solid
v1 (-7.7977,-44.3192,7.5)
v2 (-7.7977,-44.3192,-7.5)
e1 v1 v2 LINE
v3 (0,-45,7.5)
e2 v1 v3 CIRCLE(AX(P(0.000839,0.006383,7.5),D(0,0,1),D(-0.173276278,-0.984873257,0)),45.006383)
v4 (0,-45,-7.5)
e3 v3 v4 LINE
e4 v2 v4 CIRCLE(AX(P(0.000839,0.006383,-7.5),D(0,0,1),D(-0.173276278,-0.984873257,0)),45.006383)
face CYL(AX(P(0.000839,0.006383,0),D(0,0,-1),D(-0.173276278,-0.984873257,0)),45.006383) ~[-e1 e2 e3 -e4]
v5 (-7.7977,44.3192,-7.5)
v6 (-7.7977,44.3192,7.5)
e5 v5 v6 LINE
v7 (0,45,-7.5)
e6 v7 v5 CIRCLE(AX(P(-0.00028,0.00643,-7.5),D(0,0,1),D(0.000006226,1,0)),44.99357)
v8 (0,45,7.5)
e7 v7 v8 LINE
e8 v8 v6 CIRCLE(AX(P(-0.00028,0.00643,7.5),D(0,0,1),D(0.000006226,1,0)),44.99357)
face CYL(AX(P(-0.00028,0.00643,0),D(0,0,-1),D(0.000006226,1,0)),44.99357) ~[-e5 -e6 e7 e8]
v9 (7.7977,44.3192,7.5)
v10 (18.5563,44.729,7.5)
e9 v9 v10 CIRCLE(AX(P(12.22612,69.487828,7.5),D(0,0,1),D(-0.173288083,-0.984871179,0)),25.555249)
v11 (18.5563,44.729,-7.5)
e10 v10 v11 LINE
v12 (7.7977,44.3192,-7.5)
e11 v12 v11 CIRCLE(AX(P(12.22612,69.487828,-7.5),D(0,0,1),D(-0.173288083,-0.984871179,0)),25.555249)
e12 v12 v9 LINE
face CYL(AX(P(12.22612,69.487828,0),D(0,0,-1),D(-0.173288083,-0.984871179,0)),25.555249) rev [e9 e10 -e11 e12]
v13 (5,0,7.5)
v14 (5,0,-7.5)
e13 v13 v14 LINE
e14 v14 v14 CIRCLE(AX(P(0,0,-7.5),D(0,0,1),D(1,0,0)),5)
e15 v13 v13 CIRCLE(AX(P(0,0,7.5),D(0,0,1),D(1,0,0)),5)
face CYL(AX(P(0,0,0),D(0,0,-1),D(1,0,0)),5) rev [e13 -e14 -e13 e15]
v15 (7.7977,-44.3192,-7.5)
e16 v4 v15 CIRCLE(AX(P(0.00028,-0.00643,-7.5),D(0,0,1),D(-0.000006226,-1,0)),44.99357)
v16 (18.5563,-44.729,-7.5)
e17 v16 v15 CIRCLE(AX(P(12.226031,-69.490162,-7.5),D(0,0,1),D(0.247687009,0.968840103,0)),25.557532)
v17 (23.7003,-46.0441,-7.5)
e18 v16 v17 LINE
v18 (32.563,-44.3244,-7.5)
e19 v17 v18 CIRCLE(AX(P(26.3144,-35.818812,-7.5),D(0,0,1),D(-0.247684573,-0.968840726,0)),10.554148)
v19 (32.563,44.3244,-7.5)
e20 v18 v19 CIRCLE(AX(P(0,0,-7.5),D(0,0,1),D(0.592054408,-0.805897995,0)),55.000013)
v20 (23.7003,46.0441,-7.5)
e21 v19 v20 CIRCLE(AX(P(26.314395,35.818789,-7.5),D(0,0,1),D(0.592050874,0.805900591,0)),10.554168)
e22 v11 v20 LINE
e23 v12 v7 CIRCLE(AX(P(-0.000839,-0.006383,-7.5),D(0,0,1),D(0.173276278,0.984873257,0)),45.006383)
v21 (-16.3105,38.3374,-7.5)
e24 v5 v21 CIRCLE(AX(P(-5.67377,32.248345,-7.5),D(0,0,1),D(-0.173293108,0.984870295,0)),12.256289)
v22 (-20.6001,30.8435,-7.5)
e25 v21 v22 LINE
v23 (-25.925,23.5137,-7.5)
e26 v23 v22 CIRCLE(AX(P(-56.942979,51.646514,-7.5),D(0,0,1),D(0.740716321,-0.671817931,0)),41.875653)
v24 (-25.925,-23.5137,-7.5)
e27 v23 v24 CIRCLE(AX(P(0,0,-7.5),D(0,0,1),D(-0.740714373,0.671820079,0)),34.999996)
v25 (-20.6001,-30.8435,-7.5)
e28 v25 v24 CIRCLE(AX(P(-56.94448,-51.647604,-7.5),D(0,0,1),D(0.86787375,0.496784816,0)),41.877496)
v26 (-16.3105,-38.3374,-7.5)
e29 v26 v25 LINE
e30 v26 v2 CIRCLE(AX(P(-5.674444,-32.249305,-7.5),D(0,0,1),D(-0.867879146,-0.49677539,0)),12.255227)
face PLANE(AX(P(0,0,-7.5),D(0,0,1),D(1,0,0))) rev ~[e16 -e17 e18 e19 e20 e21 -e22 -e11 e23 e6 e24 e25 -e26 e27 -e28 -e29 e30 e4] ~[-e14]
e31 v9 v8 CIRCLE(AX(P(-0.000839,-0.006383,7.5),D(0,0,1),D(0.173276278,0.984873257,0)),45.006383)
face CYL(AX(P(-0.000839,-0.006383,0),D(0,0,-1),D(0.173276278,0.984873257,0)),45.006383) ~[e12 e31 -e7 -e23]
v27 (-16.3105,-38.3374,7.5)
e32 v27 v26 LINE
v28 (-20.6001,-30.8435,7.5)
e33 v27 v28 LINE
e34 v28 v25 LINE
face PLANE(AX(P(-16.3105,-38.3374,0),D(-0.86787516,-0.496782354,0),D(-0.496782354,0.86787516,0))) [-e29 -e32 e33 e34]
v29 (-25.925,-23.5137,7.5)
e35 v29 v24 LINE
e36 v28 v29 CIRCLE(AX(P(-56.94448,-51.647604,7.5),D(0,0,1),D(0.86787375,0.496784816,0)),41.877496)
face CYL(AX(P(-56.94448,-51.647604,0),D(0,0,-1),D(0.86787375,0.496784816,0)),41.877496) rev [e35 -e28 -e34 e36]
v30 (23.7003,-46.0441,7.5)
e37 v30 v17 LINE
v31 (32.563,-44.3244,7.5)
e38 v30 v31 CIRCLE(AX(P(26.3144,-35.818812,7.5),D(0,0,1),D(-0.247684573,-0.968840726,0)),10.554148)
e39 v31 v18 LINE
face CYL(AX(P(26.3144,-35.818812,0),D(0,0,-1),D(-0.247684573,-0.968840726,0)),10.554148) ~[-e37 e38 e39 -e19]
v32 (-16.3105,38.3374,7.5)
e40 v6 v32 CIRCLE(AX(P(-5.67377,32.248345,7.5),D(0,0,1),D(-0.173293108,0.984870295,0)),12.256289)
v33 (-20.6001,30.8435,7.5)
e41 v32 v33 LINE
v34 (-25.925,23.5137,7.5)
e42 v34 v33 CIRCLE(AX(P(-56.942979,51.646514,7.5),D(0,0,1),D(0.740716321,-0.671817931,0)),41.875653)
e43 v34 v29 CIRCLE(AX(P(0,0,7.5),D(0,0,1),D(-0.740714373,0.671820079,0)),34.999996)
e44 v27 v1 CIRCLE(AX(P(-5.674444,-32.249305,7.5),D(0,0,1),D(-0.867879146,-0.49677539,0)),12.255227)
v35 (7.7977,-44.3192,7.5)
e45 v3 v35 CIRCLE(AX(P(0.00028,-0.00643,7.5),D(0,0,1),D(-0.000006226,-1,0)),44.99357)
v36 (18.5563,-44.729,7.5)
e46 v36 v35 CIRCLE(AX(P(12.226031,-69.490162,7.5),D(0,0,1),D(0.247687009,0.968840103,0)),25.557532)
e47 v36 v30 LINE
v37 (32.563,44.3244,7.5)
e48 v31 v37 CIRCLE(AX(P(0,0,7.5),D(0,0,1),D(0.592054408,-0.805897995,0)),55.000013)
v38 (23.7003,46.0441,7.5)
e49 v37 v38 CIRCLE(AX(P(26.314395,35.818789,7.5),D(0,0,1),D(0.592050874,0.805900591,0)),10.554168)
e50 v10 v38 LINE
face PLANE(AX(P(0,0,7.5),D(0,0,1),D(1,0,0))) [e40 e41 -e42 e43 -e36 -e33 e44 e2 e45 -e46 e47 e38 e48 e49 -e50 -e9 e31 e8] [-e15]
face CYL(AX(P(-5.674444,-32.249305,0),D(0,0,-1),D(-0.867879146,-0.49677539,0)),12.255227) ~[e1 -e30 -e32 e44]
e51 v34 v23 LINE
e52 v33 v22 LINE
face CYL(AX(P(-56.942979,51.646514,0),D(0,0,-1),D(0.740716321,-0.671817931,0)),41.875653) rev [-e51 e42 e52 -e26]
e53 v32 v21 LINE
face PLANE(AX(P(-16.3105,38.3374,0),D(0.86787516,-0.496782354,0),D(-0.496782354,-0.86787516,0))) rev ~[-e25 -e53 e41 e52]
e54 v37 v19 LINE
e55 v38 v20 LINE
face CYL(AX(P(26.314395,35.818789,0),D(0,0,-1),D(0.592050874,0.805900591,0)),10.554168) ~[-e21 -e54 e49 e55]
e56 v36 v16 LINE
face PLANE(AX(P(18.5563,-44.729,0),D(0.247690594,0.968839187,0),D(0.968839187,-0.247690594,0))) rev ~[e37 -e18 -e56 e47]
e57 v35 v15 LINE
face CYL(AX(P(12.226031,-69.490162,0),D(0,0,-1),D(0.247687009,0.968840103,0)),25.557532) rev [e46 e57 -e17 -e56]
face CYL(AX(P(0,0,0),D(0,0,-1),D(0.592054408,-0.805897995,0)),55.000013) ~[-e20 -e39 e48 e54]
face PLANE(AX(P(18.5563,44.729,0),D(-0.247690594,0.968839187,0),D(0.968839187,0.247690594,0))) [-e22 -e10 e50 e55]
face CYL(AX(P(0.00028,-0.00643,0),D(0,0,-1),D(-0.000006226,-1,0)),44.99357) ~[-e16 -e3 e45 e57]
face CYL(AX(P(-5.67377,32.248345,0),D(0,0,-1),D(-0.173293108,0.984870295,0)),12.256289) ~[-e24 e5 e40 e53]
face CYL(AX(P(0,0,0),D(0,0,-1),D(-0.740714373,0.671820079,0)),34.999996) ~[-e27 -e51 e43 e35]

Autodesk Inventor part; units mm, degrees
ref_plane "YZ Plane" through (0, 0, 0) normal (1, 0, 0) x (0, 1, 0)
ref_plane "XZ Plane" through (0, 0, 0) normal (0, 1, 0) x (-1, 0, 0)
ref_plane "XY Plane" through (0, 0, 0) normal (0, 0, 1) x (1, 0, 0)
sketch "草图1" plane through (0, 0, 0) normal (0, 0, 1) x (1, 0, 0)
  line L0 (0, 0) -> (0, 45) construction
  arc A0 (7.7977, 44.3192) -> (0, 45) centre (0, 0) ccw
  line L1 (0, 0) -> (13.1567, 43.0337) construction
  line L2 (0, 0) -> (0, 45) construction
  arc A1 (32.563, -44.3244) -> (32.563, 44.3244) centre (0, 0) ccw
  line L3 (0, 0) -> (16.0804, -52.5968) construction
  line L4 (0, 0) -> (16.0804, 52.5968) construction
  arc A2 (0, -45) -> (7.7977, -44.3192) centre (0, 0) ccw
  arc A3 (0, 45) -> (-7.7977, 44.3192) centre (0, 0) ccw
  arc A4 (-7.7977, -44.3192) -> (0, -45) centre (0, 0) ccw
  line L5 (0, 0) -> (45, 0) construction
  arc A5 (7.7977, 44.3192) -> (18.5563, 44.729) centre (12.2262, 69.489) ccw
  arc A6 (32.563, 44.3244) -> (23.7003, 46.0441) centre (26.3144, 35.8188) ccw
  line L6 (18.5563, 44.729) -> (23.7003, 46.0441)
  arc A7 (18.5563, -44.729) -> (7.7977, -44.3192) centre (12.2262, -69.489) ccw
  arc A8 (23.7003, -46.0441) -> (32.563, -44.3244) centre (26.3144, -35.8188) ccw
  line L7 (18.5563, -44.729) -> (23.7003, -46.0441)
  line L8 (0, 0) -> (-13.1567, 43.0337) construction
  line L9 (0, 0) -> (-13.1567, -43.0337) construction
  arc A9 (-25.925, 23.5137) -> (-25.925, -23.5137) centre (0, 0) ccw
  arc A10 (-7.7977, 44.3192) -> (-16.3105, 38.3374) centre (-5.674, 32.2489) ccw
  arc A11 (-25.925, 23.5137) -> (-20.6001, 30.8435) centre (-56.9437, 51.6471) ccw
  line L10 (-16.3105, 38.3374) -> (-20.6001, 30.8435)
  arc A12 (-16.3105, -38.3374) -> (-7.7977, -44.3192) centre (-5.674, -32.2489) ccw
  arc A13 (-20.6001, -30.8435) -> (-25.925, -23.5137) centre (-56.9437, -51.6471) ccw
  line L11 (-16.3105, -38.3374) -> (-20.6001, -30.8435)
  arc A14 (-7.7977, -44.3192) -> (7.7977, -44.3192) centre (0, 0) ccw construction
  arc A15 (13.1567, -43.0337) -> (-13.1567, -43.0337) centre (0, 0) ccw construction
  circle A16 centre (0, 0) radius 5
  dimension "d43" = 17
  dimension "d45" = 55
  dimension "d46" = 146
  dimension "d49" = 25.5563
  dimension "d50" = 5.3094
  dimension "d51" = 10.5541
  dimension "d52" = 17
  dimension "d53" = 34
  dimension "d54" = 35
  dimension "d55" = 12.2558
  dimension "d56" = 8.6348
  dimension "d57" = 41.8766
  dimension "凸轮孔直径" = 10
extrude "拉伸3" add sketch "草图1" along normal mid plane 15
properties part number "重要"
